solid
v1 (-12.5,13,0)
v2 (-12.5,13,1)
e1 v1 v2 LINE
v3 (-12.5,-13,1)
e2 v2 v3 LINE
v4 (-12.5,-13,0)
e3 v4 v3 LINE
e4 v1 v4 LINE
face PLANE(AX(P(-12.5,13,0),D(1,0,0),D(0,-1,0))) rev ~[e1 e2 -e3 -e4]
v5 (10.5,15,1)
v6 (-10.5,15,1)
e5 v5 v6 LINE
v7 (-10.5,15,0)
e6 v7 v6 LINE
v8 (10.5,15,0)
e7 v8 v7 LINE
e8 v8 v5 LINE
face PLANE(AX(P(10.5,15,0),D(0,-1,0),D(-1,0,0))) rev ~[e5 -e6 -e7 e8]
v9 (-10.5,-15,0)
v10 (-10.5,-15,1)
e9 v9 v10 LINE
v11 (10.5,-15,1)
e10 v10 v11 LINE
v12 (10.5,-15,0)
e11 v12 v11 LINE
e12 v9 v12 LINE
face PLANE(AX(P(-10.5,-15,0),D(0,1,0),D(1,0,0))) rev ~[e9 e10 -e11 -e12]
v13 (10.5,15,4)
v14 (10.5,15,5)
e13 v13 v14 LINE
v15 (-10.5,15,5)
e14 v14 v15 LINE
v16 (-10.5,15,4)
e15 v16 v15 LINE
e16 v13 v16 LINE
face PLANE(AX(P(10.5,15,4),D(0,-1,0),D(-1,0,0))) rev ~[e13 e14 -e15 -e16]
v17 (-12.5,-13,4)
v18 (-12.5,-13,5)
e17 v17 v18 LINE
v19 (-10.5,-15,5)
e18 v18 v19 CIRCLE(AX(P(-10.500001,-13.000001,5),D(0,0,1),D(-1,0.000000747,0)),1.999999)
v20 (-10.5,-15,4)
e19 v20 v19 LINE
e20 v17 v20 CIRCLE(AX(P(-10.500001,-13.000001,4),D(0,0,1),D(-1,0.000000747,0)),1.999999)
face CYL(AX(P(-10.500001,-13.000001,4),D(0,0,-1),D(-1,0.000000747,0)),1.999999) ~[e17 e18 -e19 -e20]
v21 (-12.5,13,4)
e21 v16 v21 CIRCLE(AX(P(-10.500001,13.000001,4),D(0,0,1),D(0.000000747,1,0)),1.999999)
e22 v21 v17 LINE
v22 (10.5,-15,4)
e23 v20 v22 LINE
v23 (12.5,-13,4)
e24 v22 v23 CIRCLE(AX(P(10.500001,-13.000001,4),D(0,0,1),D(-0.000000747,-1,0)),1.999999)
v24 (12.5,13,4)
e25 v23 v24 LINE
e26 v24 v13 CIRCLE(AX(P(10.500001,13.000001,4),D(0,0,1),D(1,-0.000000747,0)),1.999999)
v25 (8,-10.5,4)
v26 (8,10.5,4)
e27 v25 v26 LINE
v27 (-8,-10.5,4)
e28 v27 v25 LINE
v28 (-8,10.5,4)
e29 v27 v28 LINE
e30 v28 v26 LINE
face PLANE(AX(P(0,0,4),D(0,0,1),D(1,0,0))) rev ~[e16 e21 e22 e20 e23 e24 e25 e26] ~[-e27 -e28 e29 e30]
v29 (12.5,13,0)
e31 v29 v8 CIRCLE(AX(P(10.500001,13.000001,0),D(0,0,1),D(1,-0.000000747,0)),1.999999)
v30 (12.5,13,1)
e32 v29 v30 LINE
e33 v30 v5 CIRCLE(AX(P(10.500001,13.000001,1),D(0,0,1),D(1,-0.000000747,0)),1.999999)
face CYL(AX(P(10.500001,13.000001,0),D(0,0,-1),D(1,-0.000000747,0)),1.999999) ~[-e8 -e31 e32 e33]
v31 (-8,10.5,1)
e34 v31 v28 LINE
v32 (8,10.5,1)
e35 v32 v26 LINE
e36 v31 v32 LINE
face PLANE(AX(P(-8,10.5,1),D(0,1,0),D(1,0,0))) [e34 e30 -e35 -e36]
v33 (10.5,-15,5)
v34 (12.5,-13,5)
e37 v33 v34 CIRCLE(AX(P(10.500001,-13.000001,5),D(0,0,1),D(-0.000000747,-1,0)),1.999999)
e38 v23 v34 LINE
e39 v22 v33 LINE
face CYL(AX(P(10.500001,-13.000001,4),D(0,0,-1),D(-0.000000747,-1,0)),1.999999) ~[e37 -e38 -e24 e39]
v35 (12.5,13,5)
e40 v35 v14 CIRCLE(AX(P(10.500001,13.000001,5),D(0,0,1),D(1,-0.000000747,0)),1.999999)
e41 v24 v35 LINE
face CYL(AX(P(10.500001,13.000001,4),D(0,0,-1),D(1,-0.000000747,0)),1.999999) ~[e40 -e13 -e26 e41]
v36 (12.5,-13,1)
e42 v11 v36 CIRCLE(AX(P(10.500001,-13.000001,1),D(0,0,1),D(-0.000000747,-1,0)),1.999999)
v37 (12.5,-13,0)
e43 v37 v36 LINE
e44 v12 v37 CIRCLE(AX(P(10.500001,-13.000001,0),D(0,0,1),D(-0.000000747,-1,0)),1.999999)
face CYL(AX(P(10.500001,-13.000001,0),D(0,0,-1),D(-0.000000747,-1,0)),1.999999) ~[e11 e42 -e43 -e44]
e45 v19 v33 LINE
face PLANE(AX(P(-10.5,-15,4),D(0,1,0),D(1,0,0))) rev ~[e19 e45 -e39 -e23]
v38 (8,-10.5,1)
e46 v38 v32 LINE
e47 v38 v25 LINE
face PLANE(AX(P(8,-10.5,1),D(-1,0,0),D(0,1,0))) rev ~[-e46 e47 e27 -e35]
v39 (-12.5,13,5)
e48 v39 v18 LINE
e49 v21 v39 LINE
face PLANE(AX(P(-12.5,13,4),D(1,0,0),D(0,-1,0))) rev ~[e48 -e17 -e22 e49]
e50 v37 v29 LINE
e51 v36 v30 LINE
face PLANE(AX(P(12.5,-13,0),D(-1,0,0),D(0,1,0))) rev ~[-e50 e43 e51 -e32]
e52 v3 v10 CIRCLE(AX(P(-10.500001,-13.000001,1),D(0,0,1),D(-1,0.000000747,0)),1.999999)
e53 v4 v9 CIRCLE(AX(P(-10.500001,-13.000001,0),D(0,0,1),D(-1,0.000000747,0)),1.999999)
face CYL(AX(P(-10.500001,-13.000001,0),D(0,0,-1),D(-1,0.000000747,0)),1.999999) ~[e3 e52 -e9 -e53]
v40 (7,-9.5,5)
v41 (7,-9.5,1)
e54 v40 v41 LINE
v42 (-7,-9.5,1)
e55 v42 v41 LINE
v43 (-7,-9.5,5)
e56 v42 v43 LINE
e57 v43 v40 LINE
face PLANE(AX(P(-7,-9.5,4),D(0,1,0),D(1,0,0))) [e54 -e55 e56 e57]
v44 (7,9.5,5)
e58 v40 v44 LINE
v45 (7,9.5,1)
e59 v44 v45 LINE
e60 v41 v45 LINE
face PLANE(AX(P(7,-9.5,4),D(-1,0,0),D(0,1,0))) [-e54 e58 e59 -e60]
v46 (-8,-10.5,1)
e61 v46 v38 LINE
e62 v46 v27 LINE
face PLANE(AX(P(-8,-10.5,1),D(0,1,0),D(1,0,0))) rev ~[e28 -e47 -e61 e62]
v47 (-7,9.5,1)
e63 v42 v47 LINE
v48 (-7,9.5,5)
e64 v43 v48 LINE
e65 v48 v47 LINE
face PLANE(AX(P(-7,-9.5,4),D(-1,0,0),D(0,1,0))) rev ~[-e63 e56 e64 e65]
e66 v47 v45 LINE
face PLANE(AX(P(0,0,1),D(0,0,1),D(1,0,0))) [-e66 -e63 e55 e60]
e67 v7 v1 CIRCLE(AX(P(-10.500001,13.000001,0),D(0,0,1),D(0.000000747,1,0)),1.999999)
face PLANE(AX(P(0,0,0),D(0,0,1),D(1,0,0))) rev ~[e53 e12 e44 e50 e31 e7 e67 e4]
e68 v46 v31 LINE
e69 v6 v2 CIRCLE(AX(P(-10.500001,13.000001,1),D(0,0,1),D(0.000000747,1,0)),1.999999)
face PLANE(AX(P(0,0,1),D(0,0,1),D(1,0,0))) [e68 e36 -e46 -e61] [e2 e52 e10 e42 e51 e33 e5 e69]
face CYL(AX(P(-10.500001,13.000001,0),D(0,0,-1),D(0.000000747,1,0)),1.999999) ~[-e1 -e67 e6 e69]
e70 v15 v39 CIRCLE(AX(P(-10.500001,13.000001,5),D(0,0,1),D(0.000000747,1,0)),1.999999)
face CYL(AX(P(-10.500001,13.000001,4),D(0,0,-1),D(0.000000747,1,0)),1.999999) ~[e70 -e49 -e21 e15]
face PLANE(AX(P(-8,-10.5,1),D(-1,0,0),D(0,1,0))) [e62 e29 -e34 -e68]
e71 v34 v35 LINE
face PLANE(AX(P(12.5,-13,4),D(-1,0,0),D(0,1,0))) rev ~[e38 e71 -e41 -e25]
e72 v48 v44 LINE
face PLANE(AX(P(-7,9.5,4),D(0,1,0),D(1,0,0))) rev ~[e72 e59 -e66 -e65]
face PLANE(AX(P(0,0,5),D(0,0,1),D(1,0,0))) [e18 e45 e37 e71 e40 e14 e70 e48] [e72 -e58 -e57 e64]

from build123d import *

# Parameters (mm, degrees)
F1_DEPTH = 1
F2_W     = 16
F2_H     = 21
F2_W_2   = 14
F2_H_2   = 19
F3_DEPTH = 3
F4_W     = 14
F4_H     = 19
F5_DEPTH = 1


with BuildPart() as f1:
    # F0 (on Top) → F1 (new body)
    with BuildSketch(Plane.XY):
        with BuildLine():
            ThreePointArc((12.5, 13), (11.914214, 14.414214), (10.5, 15))
            Line((10.5, 15), (-10.5, 15))
            ThreePointArc((-10.5, 15), (-11.914214, 14.414214), (-12.5, 13))
            Line((-12.5, 13), (-12.5, -13))
            ThreePointArc((-12.5, -13), (-11.914214, -14.414214), (-10.5, -15))
            Line((-10.5, -15), (10.5, -15))
            ThreePointArc((10.5, -15), (11.914214, -14.414214), (12.5, -13))
            Line((12.5, -13), (12.5, 13))
        make_face()
    extrude(amount=F1_DEPTH)

    # F2 (on face) → F3 (join)
    with BuildSketch(Plane.XY.offset(1)):
        Rectangle(F2_W, F2_H)
        Rectangle(F2_W_2, F2_H_2, mode=Mode.SUBTRACT)
    extrude(amount=F3_DEPTH)

    # F4 (on face) → F5 (join)
    with BuildSketch(Plane.XY.offset(4)):
        with BuildLine():
            ThreePointArc((12.5, 13), (11.914214, 14.414214), (10.5, 15))
            Line((10.5, 15), (-10.5, 15))
            ThreePointArc((-10.5, 15), (-11.914214, 14.414214), (-12.5, 13))
            Line((-12.5, 13), (-12.5, -13))
            ThreePointArc((-12.5, -13), (-11.914214, -14.414214), (-10.5, -15))
            Line((-10.5, -15), (10.5, -15))
            ThreePointArc((10.5, -15), (11.914214, -14.414214), (12.5, -13))
            Line((12.5, -13), (12.5, 13))
        make_face()
        Rectangle(F4_W, F4_H, mode=Mode.SUBTRACT)
    extrude(amount=F5_DEPTH)


solid = f1.part
